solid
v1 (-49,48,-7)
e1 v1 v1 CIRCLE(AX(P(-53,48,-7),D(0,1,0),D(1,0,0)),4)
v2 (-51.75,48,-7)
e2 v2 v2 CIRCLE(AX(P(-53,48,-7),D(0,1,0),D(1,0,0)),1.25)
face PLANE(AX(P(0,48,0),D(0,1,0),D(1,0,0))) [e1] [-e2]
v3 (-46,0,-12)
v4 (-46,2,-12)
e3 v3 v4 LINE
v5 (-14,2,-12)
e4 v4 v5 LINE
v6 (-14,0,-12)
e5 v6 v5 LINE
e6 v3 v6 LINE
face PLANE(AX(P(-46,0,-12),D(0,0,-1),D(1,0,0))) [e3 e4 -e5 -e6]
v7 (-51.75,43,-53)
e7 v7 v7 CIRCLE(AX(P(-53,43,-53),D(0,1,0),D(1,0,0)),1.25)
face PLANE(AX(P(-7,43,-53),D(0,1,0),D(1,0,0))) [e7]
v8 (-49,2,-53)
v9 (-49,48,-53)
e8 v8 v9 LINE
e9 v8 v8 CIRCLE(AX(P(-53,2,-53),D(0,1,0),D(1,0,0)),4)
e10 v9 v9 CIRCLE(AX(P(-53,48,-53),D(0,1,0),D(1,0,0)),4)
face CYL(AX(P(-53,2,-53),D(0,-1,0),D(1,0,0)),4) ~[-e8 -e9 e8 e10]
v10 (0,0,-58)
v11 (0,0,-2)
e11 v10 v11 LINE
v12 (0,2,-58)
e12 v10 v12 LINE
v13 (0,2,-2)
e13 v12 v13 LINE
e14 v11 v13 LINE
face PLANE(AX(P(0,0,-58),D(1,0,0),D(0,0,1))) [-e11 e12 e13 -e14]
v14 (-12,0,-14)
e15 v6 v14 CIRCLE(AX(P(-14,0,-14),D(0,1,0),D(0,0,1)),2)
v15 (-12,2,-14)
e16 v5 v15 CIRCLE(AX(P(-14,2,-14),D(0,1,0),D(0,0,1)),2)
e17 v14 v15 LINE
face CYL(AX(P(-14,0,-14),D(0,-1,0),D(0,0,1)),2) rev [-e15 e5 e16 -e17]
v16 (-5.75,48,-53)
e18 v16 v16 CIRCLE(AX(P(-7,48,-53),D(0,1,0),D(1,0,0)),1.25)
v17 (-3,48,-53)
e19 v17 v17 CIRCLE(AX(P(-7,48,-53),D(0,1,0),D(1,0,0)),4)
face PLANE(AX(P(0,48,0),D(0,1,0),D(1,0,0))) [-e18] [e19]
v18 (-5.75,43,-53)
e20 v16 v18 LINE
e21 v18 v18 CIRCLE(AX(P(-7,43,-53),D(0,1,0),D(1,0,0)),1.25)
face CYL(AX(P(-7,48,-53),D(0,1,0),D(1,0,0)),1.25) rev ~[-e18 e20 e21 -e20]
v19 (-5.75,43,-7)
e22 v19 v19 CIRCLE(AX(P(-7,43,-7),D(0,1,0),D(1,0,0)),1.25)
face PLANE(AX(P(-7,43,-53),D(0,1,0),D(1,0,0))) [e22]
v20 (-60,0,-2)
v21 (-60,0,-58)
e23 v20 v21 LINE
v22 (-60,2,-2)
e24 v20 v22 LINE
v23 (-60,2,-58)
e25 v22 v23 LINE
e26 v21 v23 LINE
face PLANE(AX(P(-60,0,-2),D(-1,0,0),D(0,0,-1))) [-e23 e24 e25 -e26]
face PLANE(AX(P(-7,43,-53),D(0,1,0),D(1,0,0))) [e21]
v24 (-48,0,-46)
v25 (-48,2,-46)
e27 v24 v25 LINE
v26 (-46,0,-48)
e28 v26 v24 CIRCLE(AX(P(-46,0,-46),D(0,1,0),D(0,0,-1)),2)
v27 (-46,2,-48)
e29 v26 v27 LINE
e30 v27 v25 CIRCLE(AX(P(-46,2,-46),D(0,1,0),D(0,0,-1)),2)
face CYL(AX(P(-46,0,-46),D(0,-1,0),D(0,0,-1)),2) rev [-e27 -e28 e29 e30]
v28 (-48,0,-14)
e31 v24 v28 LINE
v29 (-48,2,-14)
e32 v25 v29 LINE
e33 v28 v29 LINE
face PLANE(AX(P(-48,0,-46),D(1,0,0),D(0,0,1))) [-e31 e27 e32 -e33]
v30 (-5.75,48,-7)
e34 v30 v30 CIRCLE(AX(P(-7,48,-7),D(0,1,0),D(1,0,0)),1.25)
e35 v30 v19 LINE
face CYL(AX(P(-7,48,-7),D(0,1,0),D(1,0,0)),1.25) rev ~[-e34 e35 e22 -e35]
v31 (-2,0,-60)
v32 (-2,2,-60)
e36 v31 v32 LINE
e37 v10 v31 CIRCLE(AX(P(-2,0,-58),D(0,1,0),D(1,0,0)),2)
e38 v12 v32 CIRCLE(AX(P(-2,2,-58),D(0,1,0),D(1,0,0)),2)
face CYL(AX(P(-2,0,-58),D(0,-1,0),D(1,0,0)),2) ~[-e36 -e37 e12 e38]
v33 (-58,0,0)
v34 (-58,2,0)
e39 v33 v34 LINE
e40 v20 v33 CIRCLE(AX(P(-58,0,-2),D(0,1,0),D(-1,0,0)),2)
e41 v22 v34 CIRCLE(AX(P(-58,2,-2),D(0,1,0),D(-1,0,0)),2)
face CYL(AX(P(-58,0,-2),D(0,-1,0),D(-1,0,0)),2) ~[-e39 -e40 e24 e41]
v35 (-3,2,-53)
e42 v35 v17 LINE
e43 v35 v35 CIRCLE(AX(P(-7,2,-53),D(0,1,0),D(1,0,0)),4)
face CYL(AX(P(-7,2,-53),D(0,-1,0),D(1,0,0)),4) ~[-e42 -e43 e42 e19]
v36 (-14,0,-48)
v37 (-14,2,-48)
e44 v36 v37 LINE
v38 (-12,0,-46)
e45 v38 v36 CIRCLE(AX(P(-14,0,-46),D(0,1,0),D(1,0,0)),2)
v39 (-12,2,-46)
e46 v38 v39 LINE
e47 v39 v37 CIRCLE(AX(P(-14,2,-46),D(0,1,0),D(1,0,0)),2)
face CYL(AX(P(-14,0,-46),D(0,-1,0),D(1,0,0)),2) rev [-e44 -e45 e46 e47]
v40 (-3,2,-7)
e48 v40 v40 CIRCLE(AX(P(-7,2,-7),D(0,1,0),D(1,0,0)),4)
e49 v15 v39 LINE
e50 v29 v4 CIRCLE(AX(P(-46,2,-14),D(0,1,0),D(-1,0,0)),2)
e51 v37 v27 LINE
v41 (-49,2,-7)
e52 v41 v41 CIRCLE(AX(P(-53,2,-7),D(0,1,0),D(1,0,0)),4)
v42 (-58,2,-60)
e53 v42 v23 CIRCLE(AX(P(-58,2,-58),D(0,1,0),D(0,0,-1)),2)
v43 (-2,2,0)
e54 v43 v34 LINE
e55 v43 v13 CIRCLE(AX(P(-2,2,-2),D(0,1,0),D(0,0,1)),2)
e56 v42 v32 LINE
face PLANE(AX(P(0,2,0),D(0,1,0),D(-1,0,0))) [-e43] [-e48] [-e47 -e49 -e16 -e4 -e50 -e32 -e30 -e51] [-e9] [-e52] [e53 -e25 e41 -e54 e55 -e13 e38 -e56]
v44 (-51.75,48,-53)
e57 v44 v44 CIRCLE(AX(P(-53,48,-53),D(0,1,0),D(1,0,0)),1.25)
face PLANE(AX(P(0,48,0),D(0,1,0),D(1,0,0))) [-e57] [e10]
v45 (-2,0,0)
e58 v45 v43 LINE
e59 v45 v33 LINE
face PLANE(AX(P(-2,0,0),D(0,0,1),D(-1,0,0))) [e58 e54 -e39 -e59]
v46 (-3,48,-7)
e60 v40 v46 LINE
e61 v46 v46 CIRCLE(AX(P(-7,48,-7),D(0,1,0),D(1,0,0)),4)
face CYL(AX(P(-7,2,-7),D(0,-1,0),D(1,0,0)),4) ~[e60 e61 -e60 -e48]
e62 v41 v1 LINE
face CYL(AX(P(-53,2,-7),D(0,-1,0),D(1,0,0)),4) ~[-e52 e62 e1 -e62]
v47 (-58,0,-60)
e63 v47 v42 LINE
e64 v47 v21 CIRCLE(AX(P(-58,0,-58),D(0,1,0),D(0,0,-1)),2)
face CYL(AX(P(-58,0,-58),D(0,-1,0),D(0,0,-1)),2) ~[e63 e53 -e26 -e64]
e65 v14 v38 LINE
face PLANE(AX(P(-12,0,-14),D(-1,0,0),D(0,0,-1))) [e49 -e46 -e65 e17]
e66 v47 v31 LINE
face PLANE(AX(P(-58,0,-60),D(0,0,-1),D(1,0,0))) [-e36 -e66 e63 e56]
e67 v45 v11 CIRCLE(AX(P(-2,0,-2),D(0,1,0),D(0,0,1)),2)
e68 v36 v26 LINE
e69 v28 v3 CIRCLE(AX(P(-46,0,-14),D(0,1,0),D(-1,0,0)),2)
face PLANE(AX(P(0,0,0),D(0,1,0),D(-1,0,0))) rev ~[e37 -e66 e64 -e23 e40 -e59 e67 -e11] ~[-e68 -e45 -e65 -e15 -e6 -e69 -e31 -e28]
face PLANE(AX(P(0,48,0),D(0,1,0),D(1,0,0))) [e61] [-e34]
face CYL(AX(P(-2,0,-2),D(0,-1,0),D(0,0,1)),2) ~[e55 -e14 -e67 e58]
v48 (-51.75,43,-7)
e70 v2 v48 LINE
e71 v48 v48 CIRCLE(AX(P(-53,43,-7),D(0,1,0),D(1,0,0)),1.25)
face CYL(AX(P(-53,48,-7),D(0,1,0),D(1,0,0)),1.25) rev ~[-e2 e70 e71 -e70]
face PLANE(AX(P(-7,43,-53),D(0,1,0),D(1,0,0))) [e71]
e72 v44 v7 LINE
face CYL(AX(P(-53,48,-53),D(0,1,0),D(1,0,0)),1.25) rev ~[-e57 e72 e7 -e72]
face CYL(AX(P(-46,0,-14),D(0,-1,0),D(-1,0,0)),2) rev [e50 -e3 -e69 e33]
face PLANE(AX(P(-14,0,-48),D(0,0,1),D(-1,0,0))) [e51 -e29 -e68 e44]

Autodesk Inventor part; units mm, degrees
ref_plane "YZ Plane" through (0, 0, 0) normal (1, 0, 0) x (0, 1, 0)
ref_plane "XZ Plane" through (0, 0, 0) normal (0, 1, 0) x (-1, 0, 0)
sketch "Sketch2" plane through (0, 0, 0) normal (0, 1, 0) x (-1, 0, 0)
  line L0 (2, 0) -> (58, 0)
  line L1 (60, -2) -> (60, -58)
  line L2 (58, -60) -> (2, -60)
  line L3 (0, -58) -> (0, -2)
  line L4 (48, -46) -> (48, -14)
  line L5 (46, -12) -> (14, -12)
  line L6 (12, -14) -> (12, -46)
  line L7 (14, -48) -> (46, -48)
  arc A0 (60, -2) -> (58, 0) centre (58, -2) ccw
  arc A1 (58, -60) -> (60, -58) centre (58, -58) ccw
  arc A2 (0, -58) -> (2, -60) centre (2, -58) ccw
  arc A3 (2, 0) -> (0, -2) centre (2, -2) ccw
  arc A4 (14, -12) -> (12, -14) centre (14, -14) ccw
  arc A5 (12, -46) -> (14, -48) centre (14, -46) ccw
  arc A6 (46, -48) -> (48, -46) centre (46, -46) ccw
  arc A7 (48, -14) -> (46, -12) centre (46, -14) ccw
  point P0 (0, 0)
  point P1 (60, -60)
  point P2 (60, 0)
  point P3 (0, -60)
  dimension "d9" = 60
  dimension "d10" = 60
  dimension "d11" = 12
  dimension "d12" = 2
extrude "Extrusion2" add sketch "Sketch2" along normal blind 2
sketch "Sketch3" plane through (0, 2, 0) normal (0, 1, 0) x (1, 0, 0)
  circle A0 centre (-53, 7) radius 4
  circle A1 centre (-7, 7) radius 4
  circle A2 centre (-53, 53) radius 4
  circle A3 centre (-7, 53) radius 4
  line L0 (-58, 0) -> (-2, 0) projected
  line L1 (-60, 58) -> (-60, 2) projected
  line L2 (-2, 60) -> (-58, 60) projected
  line L3 (0, 2) -> (0, 58) projected
  point P0 (0, 0)
  dimension "d15" = 8
  dimension "d16" = 8
  dimension "d17" = 8
  dimension "d18" = 8
  dimension "d19" = 7
  dimension "d20" = 7
  dimension "d21" = 7
  dimension "d22" = 7
  dimension "d23" = 7
  dimension "d24" = 7
  dimension "d25" = 7
  dimension "d26" = 7
extrude "Extrusion4" add sketch "Sketch3" along normal blind 46
ref_plane "Work Plane1" through (-7, 48, -53) normal (0, 1, 0) x (1, 0, 0)
sketch "Sketch5" plane through (-7, 48, -53) normal (0, 1, 0) x (1, 0, 0)
  circle A0 centre (-46, 0) radius 4 projected
  circle A1 centre (-46, 0) radius 1.25
  circle A2 centre (0, 0) radius 4 projected
  circle A3 centre (0, 0) radius 1.25
  circle A4 centre (0, -46) radius 4 projected
  circle A5 centre (0, -46) radius 1.25
  circle A6 centre (-46, -46) radius 4 projected
  circle A7 centre (-46, -46) radius 1.25
  point P0 (7, -53)
  dimension "d36" = 2.5
  dimension "d37" = 2.5
  dimension "d38" = 2.5
  dimension "d39" = 2.5
extrude "Extrusion5" cut sketch "Sketch5" against normal blind 5 contours A1 | A3 | A5 | A7
properties part number "lidar base"
